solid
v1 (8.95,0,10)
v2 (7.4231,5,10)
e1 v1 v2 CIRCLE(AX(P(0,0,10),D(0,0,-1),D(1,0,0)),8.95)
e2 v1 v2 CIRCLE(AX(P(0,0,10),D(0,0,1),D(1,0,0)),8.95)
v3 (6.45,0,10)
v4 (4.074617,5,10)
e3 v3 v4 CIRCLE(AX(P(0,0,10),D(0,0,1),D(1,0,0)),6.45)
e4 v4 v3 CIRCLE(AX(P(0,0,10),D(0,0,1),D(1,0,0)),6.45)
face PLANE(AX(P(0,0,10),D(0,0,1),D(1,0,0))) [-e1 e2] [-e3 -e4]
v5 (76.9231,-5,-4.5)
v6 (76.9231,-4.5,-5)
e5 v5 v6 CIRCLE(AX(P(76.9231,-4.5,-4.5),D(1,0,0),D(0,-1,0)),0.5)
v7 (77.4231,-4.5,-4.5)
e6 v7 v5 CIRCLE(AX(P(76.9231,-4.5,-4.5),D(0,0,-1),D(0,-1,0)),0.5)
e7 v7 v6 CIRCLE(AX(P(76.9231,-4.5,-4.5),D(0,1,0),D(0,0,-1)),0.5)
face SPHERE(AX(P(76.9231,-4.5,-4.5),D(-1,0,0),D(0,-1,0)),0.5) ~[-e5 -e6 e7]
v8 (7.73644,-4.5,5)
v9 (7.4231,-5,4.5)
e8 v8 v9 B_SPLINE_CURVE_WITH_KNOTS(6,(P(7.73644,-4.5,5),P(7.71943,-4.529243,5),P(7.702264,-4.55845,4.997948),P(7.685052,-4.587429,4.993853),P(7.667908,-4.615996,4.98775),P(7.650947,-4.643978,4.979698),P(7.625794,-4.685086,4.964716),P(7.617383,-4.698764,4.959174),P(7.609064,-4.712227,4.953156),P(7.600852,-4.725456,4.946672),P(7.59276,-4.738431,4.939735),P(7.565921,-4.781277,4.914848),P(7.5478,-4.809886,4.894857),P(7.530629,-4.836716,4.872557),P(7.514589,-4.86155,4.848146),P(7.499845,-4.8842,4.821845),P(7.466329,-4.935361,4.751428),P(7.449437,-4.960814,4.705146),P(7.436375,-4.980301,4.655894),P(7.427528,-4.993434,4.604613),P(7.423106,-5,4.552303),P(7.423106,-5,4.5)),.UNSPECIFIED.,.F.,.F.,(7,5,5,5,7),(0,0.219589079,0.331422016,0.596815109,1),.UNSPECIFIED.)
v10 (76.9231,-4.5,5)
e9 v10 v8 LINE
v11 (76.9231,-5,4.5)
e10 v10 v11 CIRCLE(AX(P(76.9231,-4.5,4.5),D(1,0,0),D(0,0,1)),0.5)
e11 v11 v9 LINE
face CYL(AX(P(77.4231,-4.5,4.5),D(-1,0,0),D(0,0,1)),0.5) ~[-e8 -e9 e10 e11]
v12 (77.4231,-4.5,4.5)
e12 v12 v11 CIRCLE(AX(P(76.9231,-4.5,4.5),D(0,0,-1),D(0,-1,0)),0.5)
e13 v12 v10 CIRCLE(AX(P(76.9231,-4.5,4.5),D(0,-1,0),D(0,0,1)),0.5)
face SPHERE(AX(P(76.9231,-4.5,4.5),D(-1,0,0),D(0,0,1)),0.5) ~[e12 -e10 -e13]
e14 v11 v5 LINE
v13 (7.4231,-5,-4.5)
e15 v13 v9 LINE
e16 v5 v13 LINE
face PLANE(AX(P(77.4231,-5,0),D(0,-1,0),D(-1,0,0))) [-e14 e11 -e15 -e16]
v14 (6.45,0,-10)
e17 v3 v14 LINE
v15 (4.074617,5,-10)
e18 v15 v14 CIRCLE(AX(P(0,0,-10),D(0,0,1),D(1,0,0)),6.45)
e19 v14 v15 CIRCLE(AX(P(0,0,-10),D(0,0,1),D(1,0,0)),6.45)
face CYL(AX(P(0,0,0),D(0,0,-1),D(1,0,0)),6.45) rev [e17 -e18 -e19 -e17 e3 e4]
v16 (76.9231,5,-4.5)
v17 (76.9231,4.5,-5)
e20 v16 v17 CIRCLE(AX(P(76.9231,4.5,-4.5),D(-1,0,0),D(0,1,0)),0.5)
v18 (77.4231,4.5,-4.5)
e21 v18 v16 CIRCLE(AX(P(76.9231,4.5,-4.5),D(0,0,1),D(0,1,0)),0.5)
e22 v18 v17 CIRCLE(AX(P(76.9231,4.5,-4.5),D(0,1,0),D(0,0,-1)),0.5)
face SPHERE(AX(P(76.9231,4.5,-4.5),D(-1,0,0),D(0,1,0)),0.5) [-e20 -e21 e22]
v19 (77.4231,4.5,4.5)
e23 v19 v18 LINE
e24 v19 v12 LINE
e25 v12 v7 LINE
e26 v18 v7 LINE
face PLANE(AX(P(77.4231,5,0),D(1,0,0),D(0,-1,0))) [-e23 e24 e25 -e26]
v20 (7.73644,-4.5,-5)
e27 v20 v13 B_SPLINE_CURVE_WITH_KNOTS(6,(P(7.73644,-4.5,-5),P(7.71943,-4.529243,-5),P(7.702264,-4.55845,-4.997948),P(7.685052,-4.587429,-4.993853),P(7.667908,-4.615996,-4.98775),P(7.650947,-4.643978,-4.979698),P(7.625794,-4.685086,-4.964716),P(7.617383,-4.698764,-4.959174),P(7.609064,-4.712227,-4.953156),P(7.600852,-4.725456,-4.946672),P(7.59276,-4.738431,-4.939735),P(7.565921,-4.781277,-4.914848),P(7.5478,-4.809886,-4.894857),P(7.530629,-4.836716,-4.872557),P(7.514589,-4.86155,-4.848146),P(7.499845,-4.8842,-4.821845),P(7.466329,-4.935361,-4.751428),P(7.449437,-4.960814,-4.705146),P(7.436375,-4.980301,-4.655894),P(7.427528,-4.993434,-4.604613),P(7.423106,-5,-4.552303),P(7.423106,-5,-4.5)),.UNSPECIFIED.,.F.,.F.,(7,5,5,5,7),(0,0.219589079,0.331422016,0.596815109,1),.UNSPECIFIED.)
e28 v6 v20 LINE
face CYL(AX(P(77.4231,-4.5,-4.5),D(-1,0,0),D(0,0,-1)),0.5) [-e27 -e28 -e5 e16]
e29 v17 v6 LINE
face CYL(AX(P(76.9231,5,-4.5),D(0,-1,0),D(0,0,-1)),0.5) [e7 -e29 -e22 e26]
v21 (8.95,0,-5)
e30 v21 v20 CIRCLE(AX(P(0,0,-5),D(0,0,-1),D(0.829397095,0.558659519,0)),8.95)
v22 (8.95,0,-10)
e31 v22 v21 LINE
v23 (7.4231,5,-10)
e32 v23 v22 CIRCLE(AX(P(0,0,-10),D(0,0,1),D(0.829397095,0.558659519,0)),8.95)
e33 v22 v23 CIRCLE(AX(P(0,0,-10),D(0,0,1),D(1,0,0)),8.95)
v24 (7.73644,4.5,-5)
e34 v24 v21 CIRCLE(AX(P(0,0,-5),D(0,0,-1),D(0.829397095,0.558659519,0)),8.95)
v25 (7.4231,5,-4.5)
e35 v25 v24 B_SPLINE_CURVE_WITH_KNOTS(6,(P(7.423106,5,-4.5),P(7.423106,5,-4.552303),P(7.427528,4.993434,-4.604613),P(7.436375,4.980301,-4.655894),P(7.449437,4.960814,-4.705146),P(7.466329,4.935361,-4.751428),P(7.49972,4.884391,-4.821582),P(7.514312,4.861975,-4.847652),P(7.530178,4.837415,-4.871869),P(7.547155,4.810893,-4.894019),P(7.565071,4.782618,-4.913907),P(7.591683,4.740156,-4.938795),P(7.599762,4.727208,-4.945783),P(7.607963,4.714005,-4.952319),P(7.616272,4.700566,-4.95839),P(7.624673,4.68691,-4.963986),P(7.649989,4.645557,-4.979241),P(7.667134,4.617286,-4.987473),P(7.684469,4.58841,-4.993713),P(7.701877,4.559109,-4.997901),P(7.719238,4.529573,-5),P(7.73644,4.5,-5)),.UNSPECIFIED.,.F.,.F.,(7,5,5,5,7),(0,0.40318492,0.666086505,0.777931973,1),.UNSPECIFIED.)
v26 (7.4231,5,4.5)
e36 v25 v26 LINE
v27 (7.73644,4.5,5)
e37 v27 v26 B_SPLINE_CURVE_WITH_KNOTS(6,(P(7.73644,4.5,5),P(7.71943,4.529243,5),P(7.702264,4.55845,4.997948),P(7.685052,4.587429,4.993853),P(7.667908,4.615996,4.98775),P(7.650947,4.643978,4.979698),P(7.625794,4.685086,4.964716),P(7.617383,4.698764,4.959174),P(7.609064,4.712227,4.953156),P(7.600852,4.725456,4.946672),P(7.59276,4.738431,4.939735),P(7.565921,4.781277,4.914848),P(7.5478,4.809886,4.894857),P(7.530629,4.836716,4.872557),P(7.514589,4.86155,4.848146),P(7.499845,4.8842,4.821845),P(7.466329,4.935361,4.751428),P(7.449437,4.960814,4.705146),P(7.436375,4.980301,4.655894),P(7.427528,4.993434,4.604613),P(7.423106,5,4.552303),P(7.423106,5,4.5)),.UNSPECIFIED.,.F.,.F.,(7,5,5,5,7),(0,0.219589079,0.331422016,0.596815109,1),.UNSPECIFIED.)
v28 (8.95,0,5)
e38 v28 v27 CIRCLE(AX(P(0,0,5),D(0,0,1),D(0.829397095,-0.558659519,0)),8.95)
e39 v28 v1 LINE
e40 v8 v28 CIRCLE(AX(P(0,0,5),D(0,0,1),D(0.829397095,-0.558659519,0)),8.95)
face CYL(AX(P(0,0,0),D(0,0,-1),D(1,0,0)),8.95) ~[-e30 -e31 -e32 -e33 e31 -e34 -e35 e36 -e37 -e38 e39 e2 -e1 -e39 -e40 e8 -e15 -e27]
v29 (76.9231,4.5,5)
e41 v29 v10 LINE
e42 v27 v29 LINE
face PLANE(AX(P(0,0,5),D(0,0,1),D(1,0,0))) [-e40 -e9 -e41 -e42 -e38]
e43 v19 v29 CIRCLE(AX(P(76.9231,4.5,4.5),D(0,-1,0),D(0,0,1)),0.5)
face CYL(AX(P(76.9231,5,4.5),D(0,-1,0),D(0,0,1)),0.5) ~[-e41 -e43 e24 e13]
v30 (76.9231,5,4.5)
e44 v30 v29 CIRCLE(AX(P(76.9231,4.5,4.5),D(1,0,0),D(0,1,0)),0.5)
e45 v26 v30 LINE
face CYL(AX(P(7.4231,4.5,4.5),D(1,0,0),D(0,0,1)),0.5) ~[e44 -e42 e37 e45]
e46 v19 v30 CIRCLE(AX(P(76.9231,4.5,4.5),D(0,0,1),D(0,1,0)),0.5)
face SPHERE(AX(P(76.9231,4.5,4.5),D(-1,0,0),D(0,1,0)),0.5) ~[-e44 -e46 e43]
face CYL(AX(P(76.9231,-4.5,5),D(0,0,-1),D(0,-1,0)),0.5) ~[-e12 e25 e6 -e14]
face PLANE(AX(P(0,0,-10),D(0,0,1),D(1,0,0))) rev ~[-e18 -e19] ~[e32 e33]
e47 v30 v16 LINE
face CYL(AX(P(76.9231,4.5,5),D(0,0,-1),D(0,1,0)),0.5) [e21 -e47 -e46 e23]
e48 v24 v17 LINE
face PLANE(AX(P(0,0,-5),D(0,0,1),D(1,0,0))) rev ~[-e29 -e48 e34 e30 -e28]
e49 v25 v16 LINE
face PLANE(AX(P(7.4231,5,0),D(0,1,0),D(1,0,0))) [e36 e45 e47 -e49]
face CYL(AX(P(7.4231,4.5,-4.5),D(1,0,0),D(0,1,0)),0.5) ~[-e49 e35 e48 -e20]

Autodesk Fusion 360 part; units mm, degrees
sketch "Sketch1" plane through (0, 0, 0) normal (0, 0, 1) x (1, 0, 0)
  circle A0 centre (0, 0) radius 6.45
  circle A1 centre (0, 0) radius 6.35
  circle A2 centre (0, 0) radius 8.95
  line L0 (0, 0) -> (0, 5)
  line L1 (0, 5) -> (7.4231, 5)
  line L2 (7.4231, 5) -> (77.4231, 5)
  line L3 (77.4231, 5) -> (77.4231, -5)
  line L4 (77.4231, -5) -> (7.4231, -5)
  line L5 (7.4231, -5) -> (7.4231, 5)
  dimension "d1" = 12.9
  dimension "d2" = 12.7
  dimension "d3" = 17.9
  dimension "d4" = 5
  dimension "d5" = 70
  dimension "d6" = 10
extrude "Extrude2" add sketch "Sketch1" along normal blind 10 and the other way blind 10 contours A2 L5 | A2 L5
extrude "Extrude3" add sketch "Sketch1" along normal blind 5 and the other way blind 5 contours A2 L2 L3 L4
fillet "Fillet1" radius 0.5 4 edges at (42.4231, -5, 5) (42.4231, -5, -5) (42.4231, 5, -5) (42.4231, 5, 5) 1 faces at (77.4231, 1.6667, -1.6667)
